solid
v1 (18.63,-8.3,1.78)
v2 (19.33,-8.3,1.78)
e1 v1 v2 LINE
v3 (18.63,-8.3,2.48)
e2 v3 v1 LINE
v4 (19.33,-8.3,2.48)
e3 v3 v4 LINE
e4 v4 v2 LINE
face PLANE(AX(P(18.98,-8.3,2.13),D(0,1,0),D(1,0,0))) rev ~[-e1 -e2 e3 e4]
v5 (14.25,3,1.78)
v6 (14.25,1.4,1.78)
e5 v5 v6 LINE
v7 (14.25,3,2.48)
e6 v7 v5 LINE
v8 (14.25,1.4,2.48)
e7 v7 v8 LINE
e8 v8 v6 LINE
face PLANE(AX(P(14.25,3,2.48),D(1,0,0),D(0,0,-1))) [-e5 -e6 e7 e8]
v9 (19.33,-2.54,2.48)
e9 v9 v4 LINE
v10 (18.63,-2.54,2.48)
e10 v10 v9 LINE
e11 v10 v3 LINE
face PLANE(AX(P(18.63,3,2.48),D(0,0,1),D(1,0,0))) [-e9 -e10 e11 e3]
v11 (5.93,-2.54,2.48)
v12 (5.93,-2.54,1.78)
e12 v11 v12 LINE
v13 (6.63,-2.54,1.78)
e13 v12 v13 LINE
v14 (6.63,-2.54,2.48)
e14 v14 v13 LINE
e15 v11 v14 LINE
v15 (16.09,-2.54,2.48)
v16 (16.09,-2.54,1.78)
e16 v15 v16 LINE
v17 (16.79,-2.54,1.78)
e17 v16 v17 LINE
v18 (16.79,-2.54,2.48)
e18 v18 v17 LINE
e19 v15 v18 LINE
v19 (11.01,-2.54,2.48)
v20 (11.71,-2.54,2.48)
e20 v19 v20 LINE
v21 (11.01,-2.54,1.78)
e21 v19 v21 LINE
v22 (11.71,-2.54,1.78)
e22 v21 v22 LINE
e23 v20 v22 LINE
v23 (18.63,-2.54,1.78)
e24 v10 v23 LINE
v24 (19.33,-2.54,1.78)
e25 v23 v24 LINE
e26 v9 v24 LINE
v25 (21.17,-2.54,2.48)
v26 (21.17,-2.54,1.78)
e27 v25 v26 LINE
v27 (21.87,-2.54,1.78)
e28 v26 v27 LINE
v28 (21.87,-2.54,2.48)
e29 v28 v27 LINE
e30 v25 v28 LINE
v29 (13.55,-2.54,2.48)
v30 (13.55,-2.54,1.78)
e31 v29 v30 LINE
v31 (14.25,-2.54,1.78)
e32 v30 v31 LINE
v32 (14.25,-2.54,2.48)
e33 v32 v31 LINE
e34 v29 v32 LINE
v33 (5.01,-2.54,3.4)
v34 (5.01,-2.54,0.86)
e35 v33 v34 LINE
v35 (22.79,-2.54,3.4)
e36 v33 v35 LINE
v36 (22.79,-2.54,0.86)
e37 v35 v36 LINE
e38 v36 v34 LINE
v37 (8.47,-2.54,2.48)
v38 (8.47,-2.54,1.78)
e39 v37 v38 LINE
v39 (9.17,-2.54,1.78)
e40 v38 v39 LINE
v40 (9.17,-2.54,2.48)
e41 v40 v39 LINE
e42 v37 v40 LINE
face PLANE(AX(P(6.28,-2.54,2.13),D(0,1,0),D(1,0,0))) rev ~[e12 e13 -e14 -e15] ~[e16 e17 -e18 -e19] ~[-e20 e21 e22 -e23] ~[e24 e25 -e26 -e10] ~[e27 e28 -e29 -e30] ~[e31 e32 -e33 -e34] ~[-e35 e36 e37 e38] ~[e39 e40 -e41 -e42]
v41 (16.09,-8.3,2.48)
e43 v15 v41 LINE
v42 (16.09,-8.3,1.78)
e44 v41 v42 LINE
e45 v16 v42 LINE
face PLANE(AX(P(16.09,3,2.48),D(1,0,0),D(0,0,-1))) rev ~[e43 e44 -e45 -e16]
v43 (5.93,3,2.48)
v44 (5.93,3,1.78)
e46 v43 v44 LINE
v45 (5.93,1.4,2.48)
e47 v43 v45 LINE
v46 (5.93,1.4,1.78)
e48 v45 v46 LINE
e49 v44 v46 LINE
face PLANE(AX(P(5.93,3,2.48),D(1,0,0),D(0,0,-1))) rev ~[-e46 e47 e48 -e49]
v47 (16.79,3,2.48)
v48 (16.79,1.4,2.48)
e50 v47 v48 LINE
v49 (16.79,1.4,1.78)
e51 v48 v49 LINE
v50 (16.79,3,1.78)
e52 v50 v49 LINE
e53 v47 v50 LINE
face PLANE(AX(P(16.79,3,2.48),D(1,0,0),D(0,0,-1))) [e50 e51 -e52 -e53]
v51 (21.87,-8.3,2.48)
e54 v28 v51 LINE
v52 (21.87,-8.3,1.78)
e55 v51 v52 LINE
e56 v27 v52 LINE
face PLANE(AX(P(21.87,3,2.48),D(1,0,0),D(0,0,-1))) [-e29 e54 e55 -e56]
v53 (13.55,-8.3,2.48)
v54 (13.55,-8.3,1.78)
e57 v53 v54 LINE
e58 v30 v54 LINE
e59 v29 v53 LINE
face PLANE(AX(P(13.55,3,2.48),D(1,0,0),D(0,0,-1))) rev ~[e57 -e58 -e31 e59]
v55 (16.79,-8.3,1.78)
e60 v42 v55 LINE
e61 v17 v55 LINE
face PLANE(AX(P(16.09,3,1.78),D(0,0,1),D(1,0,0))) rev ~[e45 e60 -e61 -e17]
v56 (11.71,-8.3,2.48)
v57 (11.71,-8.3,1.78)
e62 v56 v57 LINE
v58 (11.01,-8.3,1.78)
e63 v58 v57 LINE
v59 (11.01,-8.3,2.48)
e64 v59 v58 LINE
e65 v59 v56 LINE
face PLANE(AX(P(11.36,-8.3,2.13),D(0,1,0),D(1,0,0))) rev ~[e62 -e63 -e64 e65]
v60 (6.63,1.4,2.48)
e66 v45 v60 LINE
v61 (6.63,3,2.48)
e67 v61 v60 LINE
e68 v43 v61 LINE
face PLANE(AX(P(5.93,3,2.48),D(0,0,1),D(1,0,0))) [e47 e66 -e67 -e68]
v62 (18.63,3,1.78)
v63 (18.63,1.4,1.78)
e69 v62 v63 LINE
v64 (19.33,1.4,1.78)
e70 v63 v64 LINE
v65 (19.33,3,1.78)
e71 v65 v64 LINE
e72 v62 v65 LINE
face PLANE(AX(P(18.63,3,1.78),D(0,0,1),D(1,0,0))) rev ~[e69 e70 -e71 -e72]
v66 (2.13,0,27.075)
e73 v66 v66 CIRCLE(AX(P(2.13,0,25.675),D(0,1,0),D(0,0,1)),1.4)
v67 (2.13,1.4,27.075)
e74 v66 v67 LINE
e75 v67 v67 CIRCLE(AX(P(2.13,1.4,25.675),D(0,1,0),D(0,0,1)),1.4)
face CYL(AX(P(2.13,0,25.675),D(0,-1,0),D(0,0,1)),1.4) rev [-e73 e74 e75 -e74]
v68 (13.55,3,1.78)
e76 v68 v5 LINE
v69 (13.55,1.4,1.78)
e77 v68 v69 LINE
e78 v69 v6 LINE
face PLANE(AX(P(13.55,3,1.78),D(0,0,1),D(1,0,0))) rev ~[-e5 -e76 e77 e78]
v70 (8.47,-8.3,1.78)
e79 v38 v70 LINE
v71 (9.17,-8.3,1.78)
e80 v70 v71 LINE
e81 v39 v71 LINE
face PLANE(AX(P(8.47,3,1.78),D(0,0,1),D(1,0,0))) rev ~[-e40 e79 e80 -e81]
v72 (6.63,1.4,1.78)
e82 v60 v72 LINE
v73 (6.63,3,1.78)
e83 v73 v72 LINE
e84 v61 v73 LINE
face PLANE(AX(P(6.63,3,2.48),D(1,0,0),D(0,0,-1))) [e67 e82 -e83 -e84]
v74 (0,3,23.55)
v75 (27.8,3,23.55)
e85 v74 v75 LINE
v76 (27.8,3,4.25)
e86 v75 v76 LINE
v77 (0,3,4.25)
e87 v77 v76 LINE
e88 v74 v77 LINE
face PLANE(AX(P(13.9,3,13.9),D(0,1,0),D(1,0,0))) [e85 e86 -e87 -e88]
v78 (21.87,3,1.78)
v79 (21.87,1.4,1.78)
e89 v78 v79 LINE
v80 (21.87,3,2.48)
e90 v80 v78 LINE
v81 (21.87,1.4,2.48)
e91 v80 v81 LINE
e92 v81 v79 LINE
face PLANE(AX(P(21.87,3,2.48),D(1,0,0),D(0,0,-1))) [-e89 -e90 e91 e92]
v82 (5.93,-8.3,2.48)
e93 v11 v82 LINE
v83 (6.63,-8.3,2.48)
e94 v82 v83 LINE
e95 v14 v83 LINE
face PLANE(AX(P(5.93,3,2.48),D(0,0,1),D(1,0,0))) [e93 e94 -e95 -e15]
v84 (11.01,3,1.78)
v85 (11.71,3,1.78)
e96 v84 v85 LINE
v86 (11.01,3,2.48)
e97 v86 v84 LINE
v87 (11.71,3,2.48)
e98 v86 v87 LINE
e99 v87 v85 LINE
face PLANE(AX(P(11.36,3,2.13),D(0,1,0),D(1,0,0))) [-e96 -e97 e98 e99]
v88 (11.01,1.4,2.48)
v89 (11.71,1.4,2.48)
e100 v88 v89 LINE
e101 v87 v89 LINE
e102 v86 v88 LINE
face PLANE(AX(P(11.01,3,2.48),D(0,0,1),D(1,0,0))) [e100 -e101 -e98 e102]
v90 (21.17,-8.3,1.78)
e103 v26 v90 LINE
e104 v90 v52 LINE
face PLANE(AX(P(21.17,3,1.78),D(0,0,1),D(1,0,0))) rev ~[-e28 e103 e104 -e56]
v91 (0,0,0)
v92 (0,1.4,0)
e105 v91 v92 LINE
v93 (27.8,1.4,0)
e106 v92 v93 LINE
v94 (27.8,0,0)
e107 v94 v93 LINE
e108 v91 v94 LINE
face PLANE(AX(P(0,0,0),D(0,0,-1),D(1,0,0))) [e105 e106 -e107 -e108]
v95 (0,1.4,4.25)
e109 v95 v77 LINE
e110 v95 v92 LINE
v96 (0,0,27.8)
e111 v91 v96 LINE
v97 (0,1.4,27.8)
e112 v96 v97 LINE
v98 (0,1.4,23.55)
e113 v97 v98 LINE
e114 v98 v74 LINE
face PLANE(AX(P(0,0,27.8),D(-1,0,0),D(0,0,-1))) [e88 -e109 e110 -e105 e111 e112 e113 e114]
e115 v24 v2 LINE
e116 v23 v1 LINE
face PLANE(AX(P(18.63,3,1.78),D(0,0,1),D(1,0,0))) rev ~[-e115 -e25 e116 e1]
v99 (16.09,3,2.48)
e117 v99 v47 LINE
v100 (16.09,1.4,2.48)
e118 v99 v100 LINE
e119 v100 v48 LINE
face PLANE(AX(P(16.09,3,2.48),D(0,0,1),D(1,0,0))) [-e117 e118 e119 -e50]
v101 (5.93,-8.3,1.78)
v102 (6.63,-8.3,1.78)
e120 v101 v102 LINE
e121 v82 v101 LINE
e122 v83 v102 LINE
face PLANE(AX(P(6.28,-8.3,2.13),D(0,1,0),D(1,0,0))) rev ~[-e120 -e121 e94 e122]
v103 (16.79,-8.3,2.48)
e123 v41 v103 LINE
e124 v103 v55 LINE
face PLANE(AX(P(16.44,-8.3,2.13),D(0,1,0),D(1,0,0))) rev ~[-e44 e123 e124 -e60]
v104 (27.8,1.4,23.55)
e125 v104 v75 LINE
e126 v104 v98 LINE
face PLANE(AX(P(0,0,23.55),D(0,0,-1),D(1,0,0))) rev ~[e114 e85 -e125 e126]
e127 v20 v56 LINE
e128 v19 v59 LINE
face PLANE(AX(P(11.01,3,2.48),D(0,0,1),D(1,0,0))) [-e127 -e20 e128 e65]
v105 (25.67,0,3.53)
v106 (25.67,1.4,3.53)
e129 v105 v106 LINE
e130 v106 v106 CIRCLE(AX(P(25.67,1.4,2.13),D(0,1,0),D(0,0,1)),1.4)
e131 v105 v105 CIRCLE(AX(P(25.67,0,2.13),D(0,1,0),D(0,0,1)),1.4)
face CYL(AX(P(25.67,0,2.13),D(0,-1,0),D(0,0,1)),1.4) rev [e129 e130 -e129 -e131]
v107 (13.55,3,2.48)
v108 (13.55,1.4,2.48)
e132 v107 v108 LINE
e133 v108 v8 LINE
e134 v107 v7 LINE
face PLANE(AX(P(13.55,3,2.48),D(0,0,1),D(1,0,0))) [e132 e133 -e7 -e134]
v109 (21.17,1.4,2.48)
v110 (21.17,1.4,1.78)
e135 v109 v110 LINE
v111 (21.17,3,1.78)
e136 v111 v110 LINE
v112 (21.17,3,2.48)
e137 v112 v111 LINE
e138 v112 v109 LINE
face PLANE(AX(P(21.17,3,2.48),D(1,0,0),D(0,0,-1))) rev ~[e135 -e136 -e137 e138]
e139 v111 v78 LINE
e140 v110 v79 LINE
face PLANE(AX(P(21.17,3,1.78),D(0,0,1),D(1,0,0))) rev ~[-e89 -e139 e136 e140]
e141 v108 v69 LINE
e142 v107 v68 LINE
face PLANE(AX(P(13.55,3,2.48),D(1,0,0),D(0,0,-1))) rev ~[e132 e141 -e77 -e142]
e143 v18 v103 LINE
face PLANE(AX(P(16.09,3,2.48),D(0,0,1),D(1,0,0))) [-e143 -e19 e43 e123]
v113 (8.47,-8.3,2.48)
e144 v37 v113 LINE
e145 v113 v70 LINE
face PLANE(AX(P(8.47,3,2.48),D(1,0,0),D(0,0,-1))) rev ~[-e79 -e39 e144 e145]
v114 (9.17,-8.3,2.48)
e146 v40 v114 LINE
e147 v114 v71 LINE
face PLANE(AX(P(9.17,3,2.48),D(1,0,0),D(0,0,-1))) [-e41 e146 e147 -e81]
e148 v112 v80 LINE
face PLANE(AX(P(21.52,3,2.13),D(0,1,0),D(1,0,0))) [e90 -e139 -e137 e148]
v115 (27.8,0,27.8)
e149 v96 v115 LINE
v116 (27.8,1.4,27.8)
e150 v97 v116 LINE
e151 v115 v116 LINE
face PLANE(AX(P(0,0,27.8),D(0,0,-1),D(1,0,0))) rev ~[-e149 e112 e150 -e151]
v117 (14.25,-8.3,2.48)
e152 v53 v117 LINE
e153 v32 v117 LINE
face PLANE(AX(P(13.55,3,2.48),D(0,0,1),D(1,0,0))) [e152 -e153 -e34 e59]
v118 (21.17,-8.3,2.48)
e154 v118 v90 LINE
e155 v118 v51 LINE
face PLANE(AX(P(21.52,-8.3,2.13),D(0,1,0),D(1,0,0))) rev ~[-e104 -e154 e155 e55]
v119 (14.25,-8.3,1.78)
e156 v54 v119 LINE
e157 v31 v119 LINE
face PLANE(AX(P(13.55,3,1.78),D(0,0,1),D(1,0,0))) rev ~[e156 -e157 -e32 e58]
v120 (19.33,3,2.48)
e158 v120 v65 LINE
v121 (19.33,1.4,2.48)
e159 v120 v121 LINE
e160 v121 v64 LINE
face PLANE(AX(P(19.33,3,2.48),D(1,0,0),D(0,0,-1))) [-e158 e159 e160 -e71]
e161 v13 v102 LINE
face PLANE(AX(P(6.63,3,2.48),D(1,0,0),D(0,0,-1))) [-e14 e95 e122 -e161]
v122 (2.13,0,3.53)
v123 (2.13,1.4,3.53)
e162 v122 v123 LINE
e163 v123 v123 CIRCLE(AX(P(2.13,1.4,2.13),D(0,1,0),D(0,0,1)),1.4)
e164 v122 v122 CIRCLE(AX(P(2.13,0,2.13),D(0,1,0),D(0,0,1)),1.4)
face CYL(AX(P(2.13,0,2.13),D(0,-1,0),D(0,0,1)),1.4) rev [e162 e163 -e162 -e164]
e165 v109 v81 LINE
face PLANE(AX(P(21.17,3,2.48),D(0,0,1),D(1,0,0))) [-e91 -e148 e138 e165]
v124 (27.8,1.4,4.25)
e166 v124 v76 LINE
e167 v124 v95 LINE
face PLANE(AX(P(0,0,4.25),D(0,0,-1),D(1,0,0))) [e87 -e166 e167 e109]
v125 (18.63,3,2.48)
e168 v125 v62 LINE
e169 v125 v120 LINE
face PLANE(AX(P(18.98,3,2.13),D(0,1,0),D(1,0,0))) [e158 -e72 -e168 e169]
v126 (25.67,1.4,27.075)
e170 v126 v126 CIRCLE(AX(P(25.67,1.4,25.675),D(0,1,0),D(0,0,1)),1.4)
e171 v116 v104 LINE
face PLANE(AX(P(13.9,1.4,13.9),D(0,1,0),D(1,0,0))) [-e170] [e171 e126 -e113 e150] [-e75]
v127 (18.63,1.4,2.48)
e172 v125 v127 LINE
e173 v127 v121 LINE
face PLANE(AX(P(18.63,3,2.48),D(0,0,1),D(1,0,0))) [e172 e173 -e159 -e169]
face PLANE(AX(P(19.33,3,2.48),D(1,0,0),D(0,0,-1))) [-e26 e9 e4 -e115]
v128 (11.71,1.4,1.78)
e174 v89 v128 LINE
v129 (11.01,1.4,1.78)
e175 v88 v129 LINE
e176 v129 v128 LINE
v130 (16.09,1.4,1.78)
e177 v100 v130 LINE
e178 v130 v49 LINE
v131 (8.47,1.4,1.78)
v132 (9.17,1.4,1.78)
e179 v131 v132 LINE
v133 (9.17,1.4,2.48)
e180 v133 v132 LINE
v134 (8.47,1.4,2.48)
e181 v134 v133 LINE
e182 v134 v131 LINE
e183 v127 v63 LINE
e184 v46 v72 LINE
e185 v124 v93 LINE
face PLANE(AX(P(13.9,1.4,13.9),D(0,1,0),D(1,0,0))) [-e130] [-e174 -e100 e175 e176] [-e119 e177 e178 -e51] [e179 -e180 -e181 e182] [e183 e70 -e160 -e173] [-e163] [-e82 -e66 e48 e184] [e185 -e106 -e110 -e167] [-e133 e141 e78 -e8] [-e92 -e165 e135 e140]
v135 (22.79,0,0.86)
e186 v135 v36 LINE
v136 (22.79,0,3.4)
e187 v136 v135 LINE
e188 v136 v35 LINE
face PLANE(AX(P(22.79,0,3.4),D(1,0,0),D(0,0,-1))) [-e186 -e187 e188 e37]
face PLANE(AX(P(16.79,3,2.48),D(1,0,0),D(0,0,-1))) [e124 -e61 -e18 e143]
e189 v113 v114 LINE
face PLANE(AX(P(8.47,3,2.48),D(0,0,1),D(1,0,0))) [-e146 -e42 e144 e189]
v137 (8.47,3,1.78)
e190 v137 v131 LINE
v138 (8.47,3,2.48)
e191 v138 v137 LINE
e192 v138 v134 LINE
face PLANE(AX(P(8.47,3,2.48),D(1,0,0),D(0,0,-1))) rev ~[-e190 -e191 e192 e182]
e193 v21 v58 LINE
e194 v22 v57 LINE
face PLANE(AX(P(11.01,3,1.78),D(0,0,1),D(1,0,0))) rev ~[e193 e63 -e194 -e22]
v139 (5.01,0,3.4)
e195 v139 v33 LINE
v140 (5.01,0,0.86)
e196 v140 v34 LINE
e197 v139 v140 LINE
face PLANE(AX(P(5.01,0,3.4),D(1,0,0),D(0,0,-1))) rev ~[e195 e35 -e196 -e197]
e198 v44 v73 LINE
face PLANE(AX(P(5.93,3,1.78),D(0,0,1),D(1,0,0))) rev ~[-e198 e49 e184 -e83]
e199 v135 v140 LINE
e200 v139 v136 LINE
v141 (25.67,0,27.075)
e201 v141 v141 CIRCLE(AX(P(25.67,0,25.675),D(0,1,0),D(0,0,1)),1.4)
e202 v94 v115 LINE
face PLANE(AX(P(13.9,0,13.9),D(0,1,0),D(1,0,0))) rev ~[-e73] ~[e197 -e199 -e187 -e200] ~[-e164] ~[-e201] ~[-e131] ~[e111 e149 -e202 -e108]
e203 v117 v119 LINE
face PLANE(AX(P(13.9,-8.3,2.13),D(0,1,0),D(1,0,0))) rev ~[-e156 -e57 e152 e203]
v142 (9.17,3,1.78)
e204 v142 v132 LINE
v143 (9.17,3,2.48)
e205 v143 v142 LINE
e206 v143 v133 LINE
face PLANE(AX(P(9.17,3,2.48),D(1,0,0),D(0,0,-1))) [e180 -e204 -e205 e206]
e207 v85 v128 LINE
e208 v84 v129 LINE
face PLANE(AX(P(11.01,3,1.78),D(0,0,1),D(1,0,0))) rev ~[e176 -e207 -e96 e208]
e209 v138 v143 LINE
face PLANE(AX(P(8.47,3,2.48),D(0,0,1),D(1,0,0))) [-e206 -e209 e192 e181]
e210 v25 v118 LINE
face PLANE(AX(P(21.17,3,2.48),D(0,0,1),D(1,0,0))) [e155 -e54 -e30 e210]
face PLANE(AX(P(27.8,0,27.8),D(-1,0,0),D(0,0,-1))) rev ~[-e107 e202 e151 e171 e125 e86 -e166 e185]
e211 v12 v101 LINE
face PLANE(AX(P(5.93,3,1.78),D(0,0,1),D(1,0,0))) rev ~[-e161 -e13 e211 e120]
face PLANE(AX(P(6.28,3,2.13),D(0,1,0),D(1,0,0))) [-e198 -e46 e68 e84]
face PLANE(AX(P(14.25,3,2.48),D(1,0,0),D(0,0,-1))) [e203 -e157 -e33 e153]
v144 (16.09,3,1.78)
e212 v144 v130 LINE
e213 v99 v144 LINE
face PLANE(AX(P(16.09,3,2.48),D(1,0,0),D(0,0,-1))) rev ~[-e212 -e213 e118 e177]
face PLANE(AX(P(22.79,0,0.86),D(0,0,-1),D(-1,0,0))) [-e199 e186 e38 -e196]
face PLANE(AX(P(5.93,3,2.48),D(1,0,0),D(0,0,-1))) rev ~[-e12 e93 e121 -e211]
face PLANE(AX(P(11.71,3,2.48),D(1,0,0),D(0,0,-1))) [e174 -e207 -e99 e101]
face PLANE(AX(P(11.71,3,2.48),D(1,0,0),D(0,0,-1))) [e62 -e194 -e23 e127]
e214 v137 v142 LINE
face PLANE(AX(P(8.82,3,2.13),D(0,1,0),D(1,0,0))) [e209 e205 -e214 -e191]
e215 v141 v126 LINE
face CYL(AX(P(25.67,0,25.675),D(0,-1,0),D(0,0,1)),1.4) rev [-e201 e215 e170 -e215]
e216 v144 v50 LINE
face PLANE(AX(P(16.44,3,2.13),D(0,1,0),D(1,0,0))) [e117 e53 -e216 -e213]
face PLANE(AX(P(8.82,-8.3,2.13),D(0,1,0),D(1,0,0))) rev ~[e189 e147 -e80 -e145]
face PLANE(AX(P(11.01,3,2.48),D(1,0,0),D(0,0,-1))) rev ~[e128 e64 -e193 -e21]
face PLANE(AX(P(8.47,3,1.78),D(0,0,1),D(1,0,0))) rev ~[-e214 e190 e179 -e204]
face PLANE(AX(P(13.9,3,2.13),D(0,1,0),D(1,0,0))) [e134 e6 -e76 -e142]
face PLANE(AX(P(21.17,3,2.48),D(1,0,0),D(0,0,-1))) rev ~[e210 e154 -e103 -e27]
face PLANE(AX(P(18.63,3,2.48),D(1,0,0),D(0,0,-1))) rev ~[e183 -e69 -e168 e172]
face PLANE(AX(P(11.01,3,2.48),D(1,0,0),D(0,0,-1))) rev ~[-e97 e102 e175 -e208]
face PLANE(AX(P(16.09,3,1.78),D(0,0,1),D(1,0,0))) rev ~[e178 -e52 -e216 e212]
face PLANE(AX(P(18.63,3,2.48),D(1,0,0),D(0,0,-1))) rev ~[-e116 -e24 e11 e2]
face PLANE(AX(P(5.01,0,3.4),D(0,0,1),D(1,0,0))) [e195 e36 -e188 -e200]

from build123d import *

# Parameters (mm, degrees)
SKETCH_1_W      = 27.8
SKETCH_1_H      = 27.8
SKETCH_1_R      = 1.4
EXTRUDE_1_DEPTH = 1.4
SKETCH_1_3_W    = 27.8
SKETCH_1_3_H    = 19.3
EXTRUDE_2_DEPTH = 3
SKETCH_1_4_W    = 2.54
SKETCH_1_4_H    = 2.54
EXTRUDE_3_DEPTH = 2.54
EXTRUDE_START   = 3
SKETCH_1_5_W    = 0.7
SKETCH_1_5_H    = 0.7
EXTRUDE_4_DEPTH = 11.3


with BuildPart() as part:
    # 草图1 → 凸台-拉伸1 (new body)
    with BuildSketch(Plane(origin=(0, 0, 0), x_dir=(1, 0, 0), z_dir=(0, 1, 0))):
        with Locations((13.9, -13.9)):
            Rectangle(SKETCH_1_W, SKETCH_1_H)
        with Locations(Location((2.13, -2.13, 0), (0, 0, 270))):
            Circle(SKETCH_1_R, mode=Mode.SUBTRACT)
        with Locations(Location((25.67, -2.13, 0), (0, 0, 270))):
            Circle(SKETCH_1_R, mode=Mode.SUBTRACT)
        with Locations(Location((2.13, -25.675, 0), (0, 0, 270))):
            Circle(SKETCH_1_R, mode=Mode.SUBTRACT)
        with Locations(Location((25.67, -25.675, 0), (0, 0, 270))):
            Circle(SKETCH_1_R, mode=Mode.SUBTRACT)
    extrude(amount=EXTRUDE_1_DEPTH)

    # 草图1<3> → 凸台-拉伸2 (add)
    with BuildSketch(Plane(origin=(0, 0, 0), x_dir=(1, 0, 0), z_dir=(0, 1, 0))):
        with Locations((13.9, -13.9)):
            Rectangle(SKETCH_1_3_W, SKETCH_1_3_H)
    extrude(amount=EXTRUDE_2_DEPTH)

    # 草图1<4> → 凸台-拉伸3 (add)
    with BuildSketch(Plane(origin=(0, 0, 0), x_dir=(1, 0, 0), z_dir=(0, 1, 0))):
        with Locations((6.28, -2.13)):
            Rectangle(SKETCH_1_4_W, SKETCH_1_4_H)
        with Locations((8.82, -2.13)):
            Rectangle(SKETCH_1_4_W, SKETCH_1_4_H)
        with Locations((11.36, -2.13)):
            Rectangle(SKETCH_1_4_W, SKETCH_1_4_H)
        with Locations((13.9, -2.13)):
            Rectangle(SKETCH_1_4_W, SKETCH_1_4_H)
        with Locations((16.44, -2.13)):
            Rectangle(SKETCH_1_4_W, SKETCH_1_4_H)
        with Locations((18.98, -2.13)):
            Rectangle(SKETCH_1_4_W, SKETCH_1_4_H)
        with Locations((21.52, -2.13)):
            Rectangle(SKETCH_1_4_W, SKETCH_1_4_H)
    extrude(amount=-EXTRUDE_3_DEPTH)

    # 草图1<5> → 凸台-拉伸4 (add)
    with BuildSketch(Plane(origin=(0, 0, 0), x_dir=(1, 0, 0), z_dir=(0, 1, 0)).offset(EXTRUDE_START)):
        with Locations((6.28, -2.13)):
            Rectangle(SKETCH_1_5_W, SKETCH_1_5_H)
        with Locations((8.82, -2.13)):
            Rectangle(SKETCH_1_5_W, SKETCH_1_5_H)
        with Locations((11.36, -2.13)):
            Rectangle(SKETCH_1_5_W, SKETCH_1_5_H)
        with Locations((13.9, -2.13)):
            Rectangle(SKETCH_1_5_W, SKETCH_1_5_H)
        with Locations((16.44, -2.13)):
            Rectangle(SKETCH_1_5_W, SKETCH_1_5_H)
        with Locations((18.98, -2.13)):
            Rectangle(SKETCH_1_5_W, SKETCH_1_5_H)
        with Locations((21.52, -2.13)):
            Rectangle(SKETCH_1_5_W, SKETCH_1_5_H)
    extrude(amount=-EXTRUDE_4_DEPTH)


solid = part.part
